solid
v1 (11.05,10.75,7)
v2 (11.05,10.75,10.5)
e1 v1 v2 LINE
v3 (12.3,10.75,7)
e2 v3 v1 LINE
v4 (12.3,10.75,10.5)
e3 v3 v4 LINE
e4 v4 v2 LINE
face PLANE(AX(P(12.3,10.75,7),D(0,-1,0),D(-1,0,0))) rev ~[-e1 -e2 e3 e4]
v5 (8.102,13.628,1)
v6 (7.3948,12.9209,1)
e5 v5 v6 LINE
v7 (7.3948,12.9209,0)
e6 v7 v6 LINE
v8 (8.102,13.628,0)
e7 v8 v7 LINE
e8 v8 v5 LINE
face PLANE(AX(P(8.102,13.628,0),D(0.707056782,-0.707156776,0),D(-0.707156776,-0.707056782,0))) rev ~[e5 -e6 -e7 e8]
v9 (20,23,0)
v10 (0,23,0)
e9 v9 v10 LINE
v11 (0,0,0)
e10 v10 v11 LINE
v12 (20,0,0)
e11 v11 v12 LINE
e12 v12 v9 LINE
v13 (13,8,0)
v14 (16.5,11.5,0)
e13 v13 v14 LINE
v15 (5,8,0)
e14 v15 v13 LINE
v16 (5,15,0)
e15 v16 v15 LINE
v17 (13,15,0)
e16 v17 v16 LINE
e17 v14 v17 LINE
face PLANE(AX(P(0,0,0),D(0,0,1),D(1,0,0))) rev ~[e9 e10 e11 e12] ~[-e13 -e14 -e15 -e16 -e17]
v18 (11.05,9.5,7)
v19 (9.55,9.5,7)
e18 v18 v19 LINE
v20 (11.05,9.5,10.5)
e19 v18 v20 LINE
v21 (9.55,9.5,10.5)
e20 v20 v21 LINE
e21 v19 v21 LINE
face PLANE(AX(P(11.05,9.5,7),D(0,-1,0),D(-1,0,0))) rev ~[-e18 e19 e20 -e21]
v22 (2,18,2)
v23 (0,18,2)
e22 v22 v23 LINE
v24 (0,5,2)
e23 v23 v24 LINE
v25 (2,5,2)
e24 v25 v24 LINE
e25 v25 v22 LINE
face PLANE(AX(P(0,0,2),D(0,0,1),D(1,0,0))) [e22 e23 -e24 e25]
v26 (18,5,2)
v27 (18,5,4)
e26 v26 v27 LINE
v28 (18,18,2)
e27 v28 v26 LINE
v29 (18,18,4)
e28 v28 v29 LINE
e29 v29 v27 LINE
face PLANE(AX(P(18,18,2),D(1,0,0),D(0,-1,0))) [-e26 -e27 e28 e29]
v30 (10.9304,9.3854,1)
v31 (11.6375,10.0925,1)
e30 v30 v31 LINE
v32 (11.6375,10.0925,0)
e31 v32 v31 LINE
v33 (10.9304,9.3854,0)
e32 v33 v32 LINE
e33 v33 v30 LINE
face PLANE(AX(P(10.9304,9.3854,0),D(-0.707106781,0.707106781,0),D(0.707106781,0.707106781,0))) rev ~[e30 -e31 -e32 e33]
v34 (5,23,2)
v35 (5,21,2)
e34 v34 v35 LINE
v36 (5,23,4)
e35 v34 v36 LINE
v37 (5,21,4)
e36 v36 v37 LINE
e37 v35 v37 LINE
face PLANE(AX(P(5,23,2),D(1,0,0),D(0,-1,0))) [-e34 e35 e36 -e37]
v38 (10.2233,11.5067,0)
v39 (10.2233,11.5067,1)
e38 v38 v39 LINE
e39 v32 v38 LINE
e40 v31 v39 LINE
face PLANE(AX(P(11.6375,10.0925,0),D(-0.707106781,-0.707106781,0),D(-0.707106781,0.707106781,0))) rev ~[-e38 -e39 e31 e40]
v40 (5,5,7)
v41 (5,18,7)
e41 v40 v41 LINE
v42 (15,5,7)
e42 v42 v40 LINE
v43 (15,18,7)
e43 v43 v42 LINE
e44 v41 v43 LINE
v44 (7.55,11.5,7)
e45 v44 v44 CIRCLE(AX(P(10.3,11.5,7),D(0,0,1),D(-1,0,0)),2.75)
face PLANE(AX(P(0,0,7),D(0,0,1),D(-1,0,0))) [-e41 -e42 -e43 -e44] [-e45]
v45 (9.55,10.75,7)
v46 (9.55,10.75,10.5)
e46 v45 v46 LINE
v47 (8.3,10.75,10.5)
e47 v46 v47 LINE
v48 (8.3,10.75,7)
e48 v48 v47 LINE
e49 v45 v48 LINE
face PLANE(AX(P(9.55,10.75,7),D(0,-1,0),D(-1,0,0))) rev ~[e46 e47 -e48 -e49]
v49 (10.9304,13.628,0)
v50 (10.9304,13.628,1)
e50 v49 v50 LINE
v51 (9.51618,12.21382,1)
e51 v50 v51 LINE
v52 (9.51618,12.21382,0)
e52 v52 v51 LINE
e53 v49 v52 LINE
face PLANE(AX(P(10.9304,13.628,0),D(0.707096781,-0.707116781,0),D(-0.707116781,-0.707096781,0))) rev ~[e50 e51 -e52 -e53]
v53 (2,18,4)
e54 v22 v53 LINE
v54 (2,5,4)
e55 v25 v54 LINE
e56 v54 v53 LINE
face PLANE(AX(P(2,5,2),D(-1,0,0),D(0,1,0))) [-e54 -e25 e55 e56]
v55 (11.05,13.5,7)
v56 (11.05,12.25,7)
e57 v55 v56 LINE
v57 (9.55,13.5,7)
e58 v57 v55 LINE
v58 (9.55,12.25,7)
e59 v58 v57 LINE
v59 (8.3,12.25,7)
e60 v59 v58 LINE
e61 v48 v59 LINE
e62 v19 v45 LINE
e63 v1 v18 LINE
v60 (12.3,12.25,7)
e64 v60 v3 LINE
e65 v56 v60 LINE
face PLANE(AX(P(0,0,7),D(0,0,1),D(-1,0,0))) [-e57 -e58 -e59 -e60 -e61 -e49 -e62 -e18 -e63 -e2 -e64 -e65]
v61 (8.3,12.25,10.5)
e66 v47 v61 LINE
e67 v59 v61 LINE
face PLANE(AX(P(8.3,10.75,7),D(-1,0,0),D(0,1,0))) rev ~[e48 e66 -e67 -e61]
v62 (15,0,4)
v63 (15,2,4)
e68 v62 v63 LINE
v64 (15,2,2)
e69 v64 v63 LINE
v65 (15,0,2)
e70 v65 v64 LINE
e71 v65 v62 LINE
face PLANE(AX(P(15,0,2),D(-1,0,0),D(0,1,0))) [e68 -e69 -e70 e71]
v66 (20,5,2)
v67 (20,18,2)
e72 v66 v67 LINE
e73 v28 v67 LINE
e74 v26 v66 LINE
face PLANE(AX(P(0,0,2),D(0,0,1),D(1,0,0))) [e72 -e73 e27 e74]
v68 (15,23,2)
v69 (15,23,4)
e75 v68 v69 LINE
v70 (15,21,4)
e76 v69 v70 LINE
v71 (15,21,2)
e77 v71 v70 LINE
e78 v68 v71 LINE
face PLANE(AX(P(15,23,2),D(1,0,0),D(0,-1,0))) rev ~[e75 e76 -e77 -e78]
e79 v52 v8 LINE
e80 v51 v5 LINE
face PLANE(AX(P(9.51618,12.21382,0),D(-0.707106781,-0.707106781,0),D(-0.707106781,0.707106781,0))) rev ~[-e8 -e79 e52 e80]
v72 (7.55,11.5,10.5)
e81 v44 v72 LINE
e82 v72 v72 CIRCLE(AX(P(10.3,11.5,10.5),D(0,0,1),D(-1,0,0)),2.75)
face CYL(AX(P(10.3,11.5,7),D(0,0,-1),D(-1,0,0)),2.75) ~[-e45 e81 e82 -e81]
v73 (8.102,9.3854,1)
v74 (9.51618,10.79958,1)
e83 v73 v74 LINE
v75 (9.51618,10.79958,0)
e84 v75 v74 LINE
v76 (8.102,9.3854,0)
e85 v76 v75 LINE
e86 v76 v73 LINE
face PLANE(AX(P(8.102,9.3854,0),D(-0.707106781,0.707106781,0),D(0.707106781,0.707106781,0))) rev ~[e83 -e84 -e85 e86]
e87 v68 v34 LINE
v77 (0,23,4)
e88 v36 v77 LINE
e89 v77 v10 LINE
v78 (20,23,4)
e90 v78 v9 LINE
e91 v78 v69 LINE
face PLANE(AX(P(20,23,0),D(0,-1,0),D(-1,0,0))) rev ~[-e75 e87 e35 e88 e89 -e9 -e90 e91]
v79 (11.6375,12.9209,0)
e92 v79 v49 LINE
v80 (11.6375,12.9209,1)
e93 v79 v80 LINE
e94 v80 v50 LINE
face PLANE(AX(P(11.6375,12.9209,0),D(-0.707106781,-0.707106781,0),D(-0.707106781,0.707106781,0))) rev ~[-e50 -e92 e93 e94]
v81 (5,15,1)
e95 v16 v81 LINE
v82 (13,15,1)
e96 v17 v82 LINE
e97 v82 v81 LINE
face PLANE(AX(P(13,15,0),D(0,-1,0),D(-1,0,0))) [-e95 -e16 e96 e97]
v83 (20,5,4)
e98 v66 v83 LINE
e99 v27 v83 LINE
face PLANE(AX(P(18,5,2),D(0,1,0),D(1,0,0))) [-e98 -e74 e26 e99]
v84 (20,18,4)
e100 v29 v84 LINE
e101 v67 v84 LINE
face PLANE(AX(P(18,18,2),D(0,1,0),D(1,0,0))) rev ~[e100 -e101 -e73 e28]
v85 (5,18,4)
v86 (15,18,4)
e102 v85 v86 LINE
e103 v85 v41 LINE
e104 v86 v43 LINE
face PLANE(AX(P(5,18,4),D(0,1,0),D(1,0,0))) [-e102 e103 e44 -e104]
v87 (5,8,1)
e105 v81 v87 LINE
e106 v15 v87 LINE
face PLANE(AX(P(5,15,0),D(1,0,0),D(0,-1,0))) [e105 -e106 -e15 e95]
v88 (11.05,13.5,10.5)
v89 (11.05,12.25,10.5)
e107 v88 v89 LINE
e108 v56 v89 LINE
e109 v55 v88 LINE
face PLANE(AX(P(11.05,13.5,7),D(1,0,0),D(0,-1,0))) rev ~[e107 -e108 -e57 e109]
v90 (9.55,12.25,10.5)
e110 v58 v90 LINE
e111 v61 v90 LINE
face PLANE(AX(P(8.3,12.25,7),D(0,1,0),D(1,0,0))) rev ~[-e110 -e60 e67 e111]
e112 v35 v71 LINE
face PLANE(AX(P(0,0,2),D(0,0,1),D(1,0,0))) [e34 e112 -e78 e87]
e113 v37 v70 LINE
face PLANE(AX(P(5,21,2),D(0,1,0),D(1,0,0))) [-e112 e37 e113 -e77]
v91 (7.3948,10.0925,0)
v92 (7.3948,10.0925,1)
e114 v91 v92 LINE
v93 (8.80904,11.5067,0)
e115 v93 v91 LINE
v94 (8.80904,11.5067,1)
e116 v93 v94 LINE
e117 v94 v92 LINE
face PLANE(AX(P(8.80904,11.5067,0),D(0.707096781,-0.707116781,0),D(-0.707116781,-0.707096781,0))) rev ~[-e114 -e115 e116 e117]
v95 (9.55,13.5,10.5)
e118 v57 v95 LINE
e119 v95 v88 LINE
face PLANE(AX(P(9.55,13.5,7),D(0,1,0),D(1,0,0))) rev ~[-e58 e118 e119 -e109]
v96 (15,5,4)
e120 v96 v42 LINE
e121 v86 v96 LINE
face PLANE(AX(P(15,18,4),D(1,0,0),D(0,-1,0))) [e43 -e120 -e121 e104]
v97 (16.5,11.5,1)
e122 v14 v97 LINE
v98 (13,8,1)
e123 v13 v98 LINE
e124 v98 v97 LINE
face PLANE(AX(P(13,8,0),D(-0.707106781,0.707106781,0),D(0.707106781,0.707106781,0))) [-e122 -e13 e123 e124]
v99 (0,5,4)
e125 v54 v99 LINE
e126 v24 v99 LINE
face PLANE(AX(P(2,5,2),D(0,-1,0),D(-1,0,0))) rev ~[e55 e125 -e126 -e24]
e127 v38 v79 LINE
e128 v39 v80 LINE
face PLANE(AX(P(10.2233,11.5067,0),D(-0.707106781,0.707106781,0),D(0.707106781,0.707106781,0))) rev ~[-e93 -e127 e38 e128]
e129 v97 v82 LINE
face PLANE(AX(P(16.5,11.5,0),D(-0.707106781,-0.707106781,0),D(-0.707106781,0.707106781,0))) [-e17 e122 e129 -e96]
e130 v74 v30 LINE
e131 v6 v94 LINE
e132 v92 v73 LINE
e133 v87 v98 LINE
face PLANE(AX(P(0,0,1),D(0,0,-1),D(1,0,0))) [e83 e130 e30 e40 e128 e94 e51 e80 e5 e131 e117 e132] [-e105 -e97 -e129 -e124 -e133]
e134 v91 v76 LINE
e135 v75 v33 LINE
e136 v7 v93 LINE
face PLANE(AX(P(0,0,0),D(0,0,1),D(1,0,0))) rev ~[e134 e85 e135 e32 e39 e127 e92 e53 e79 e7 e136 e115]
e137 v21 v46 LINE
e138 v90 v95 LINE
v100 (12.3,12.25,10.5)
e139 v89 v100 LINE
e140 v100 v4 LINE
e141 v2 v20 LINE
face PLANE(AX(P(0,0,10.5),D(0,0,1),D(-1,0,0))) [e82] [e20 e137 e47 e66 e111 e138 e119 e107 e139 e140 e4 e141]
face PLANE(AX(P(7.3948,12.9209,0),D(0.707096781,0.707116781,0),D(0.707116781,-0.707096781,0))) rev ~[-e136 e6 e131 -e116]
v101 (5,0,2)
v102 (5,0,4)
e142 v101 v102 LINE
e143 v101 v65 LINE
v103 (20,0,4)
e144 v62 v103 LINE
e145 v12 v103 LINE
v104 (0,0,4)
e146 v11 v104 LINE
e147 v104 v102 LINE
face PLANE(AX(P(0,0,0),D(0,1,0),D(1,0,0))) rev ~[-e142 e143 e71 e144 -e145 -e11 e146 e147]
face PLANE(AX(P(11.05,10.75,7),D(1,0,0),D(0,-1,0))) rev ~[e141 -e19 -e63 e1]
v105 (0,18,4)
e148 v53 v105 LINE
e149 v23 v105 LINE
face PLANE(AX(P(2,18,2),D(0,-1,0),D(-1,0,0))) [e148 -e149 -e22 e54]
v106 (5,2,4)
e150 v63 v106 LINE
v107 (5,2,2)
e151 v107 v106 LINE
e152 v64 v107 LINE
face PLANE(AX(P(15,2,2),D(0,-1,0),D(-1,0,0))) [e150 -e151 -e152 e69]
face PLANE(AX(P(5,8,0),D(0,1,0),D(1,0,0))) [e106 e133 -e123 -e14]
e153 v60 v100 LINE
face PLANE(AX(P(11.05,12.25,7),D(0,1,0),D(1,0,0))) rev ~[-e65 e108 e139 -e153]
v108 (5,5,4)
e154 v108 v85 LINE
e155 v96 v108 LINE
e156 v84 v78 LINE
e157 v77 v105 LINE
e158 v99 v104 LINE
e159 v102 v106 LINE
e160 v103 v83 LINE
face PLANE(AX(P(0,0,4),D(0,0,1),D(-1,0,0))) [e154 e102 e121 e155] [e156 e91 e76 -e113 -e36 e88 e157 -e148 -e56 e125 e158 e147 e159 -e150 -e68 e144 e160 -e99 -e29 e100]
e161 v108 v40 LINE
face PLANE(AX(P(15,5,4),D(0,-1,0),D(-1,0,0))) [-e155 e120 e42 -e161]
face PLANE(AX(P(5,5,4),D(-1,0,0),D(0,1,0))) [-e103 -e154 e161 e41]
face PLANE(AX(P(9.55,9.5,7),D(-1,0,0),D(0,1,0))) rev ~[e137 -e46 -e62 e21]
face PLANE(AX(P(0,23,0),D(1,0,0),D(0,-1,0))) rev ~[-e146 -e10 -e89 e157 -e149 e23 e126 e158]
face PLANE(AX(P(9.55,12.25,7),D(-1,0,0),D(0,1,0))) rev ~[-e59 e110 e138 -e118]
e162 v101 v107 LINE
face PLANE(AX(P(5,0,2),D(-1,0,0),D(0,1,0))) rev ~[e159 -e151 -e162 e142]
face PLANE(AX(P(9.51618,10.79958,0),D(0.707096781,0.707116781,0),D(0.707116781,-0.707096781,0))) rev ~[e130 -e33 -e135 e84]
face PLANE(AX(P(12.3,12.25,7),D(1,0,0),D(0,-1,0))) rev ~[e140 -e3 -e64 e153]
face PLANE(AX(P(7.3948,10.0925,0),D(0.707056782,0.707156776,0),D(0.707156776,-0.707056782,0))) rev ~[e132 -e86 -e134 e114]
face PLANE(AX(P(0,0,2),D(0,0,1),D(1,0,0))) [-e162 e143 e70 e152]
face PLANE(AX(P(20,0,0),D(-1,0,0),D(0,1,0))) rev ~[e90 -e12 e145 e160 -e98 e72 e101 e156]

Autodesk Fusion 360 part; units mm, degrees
sketch "スケッチ1" plane through (0, 0, 0) normal (0, 0, 1) x (1, 0, 0)
  line L0 (0, 0) -> (20, 0)
  line L1 (20, 0) -> (20, 23)
  line L2 (20, 23) -> (0, 23)
  line L3 (0, 23) -> (0, 0)
  dimension "d1" = 20
  dimension "d2" = 23
extrude "押し出し1" add sketch "スケッチ1" along normal blind 2
sketch "スケッチ2" plane through (0, 0, 2) normal (0, 0, 1) x (-1, 0, 0)
  line L0 (0, -23) -> (0, 0)
  line L1 (0, 0) -> (-20, 0)
  line L2 (-20, 0) -> (-20, -23)
  line L3 (-20, -23) -> (0, -23)
  line L4 (0, -23) -> (-5, -23)
  line L5 (-5, -23) -> (-5, -18)
  line L6 (-5, -18) -> (0, -18)
  line L7 (0, -18) -> (0, -23)
  line L8 (-20, -23) -> (-15, -23)
  line L9 (-15, -23) -> (-15, -18)
  line L10 (-15, -18) -> (-20, -18)
  line L11 (-20, -18) -> (-20, -23)
  line L12 (0, 0) -> (-5, 0)
  line L13 (-5, 0) -> (-5, -5)
  line L14 (-5, -5) -> (0, -5)
  line L15 (0, -5) -> (0, 0)
  line L16 (-20, 0) -> (-15, 0)
  line L17 (-15, 0) -> (-15, -5)
  line L18 (-15, -5) -> (-20, -5)
  line L19 (-20, -5) -> (-20, 0)
  line L20 (-2, -21) -> (-18, -21)
  line L21 (-18, -21) -> (-18, -2)
  line L22 (-18, -2) -> (-2, -2)
  line L23 (-2, -2) -> (-2, -21)
  dimension "d5" = 5
  dimension "d6" = 5
  dimension "d7" = 5
  dimension "d8" = 5
  dimension "d9" = 5
  dimension "d10" = 5
  dimension "d11" = 5
  dimension "d12" = 5
extrude "押し出し2" add sketch "スケッチ2" along normal blind 2 contours L0 L3 L4 L5 L6 L7 L20 L23 | L0 L1 L12 L13 L14 L15 L22 L23 | L5 L6 L20 L23 | L5 L6 L9 L10 L13 L14 L17 L18 L20 L21 L22 L23 | L2 L3 L8 L9 L10 L11 L20 L21 | L13 L14 L22 L23 | L9 L10 L20 L21 | L1 L2 L16 L17 L18 L19 L21 L22 | L17 L18 L21 L22
sketch "スケッチ3" plane through (0, 0, 4) normal (0, 0, 1) x (-1, 0, 0)
  line L0 (-18, -18) -> (-20, -18)
  line L1 (-20, -18) -> (-20, -23)
  line L2 (-20, -23) -> (-15, -23)
  line L3 (-15, -23) -> (-15, -21)
  line L4 (-15, -21) -> (-5, -21)
  line L5 (-5, -21) -> (-5, -23)
  line L6 (-5, -23) -> (0, -23)
  line L7 (0, -23) -> (0, -18)
  line L8 (0, -18) -> (-2, -18)
  line L9 (-2, -18) -> (-2, -5)
  line L10 (-2, -5) -> (0, -5)
  line L11 (0, -5) -> (0, 0)
  line L12 (0, 0) -> (-5, 0)
  line L13 (-5, 0) -> (-5, -2)
  line L14 (-5, -2) -> (-15, -2)
  line L15 (-15, -2) -> (-15, 0)
  line L16 (-15, 0) -> (-20, 0)
  line L17 (-20, 0) -> (-20, -5)
  line L18 (-20, -5) -> (-18, -5)
  line L19 (-18, -5) -> (-18, -18)
  line L20 (-5, -18) -> (-15, -18)
  line L21 (-15, -18) -> (-15, -5)
  line L22 (-15, -5) -> (-5, -5)
  line L23 (-5, -5) -> (-5, -18)
extrude "押し出し3" add sketch "スケッチ3" along normal blind 3 contours L20 L21 L22 L23
sketch "スケッチ4" plane through (0, 0, 7) normal (0, 0, 1) x (-1, 0, 0)
  line L0 (-5, -5) -> (-15, -5)
  line L1 (-15, -5) -> (-15, -18)
  line L2 (-15, -18) -> (-5, -18)
  line L3 (-5, -18) -> (-5, -5)
  line L4 (-9.55, -13.5) -> (-11.05, -13.5)
  line L5 (-11.05, -13.5) -> (-11.05, -9.5)
  line L6 (-11.05, -9.5) -> (-9.55, -9.5)
  line L7 (-9.55, -9.5) -> (-9.55, -13.5)
  line L8 (-8.3, -12.25) -> (-12.3, -12.25)
  line L9 (-12.3, -12.25) -> (-12.3, -10.75)
  line L10 (-12.3, -10.75) -> (-8.3, -10.75)
  line L11 (-8.3, -10.75) -> (-8.3, -12.25)
  circle A0 centre (-10.3, -11.5) radius 2.75
  dimension "d17" = 13
  dimension "d18" = 1.5
  dimension "d19" = 4
  dimension "d20" = 4
  dimension "d21" = 1.5
  dimension "d22" = 5.5
extrude "押し出し4" add sketch "スケッチ4" along normal blind 3.5 contours A0
sketch "スケッチ5" plane through (0, 0, 0) normal (0, 0, -1) x (1, 0, 0)
  line L0 (0, 0) -> (0, -23)
  line L1 (0, -23) -> (20, -23)
  line L2 (20, -23) -> (20, 0)
  line L3 (20, 0) -> (0, 0)
  line L4 (16.5, -11.5) -> (13, -15)
  line L5 (13, -8) -> (16.5, -11.5)
  line L6 (13, -15) -> (5, -15)
  line L7 (5, -15) -> (5, -8)
  line L8 (5, -8) -> (13, -8)
  line L9 (7.3948, -12.9209) -> (10.9304, -9.3854)
  line L10 (11.6375, -10.0925) -> (8.102, -13.628)
  line L11 (8.102, -13.628) -> (7.3948, -12.9209)
  line L12 (10.9304, -9.3854) -> (11.6375, -10.0925)
  line L13 (7.3948, -10.0925) -> (8.102, -9.3854)
  line L14 (11.6375, -12.9209) -> (10.9304, -13.628)
  line L15 (10.9304, -13.628) -> (7.3948, -10.0925)
  line L16 (8.102, -9.3854) -> (11.6375, -12.9209)
extrude "押し出し5" cut sketch "スケッチ5" against normal blind 1 contours L4 L5 L6 L7 L8
